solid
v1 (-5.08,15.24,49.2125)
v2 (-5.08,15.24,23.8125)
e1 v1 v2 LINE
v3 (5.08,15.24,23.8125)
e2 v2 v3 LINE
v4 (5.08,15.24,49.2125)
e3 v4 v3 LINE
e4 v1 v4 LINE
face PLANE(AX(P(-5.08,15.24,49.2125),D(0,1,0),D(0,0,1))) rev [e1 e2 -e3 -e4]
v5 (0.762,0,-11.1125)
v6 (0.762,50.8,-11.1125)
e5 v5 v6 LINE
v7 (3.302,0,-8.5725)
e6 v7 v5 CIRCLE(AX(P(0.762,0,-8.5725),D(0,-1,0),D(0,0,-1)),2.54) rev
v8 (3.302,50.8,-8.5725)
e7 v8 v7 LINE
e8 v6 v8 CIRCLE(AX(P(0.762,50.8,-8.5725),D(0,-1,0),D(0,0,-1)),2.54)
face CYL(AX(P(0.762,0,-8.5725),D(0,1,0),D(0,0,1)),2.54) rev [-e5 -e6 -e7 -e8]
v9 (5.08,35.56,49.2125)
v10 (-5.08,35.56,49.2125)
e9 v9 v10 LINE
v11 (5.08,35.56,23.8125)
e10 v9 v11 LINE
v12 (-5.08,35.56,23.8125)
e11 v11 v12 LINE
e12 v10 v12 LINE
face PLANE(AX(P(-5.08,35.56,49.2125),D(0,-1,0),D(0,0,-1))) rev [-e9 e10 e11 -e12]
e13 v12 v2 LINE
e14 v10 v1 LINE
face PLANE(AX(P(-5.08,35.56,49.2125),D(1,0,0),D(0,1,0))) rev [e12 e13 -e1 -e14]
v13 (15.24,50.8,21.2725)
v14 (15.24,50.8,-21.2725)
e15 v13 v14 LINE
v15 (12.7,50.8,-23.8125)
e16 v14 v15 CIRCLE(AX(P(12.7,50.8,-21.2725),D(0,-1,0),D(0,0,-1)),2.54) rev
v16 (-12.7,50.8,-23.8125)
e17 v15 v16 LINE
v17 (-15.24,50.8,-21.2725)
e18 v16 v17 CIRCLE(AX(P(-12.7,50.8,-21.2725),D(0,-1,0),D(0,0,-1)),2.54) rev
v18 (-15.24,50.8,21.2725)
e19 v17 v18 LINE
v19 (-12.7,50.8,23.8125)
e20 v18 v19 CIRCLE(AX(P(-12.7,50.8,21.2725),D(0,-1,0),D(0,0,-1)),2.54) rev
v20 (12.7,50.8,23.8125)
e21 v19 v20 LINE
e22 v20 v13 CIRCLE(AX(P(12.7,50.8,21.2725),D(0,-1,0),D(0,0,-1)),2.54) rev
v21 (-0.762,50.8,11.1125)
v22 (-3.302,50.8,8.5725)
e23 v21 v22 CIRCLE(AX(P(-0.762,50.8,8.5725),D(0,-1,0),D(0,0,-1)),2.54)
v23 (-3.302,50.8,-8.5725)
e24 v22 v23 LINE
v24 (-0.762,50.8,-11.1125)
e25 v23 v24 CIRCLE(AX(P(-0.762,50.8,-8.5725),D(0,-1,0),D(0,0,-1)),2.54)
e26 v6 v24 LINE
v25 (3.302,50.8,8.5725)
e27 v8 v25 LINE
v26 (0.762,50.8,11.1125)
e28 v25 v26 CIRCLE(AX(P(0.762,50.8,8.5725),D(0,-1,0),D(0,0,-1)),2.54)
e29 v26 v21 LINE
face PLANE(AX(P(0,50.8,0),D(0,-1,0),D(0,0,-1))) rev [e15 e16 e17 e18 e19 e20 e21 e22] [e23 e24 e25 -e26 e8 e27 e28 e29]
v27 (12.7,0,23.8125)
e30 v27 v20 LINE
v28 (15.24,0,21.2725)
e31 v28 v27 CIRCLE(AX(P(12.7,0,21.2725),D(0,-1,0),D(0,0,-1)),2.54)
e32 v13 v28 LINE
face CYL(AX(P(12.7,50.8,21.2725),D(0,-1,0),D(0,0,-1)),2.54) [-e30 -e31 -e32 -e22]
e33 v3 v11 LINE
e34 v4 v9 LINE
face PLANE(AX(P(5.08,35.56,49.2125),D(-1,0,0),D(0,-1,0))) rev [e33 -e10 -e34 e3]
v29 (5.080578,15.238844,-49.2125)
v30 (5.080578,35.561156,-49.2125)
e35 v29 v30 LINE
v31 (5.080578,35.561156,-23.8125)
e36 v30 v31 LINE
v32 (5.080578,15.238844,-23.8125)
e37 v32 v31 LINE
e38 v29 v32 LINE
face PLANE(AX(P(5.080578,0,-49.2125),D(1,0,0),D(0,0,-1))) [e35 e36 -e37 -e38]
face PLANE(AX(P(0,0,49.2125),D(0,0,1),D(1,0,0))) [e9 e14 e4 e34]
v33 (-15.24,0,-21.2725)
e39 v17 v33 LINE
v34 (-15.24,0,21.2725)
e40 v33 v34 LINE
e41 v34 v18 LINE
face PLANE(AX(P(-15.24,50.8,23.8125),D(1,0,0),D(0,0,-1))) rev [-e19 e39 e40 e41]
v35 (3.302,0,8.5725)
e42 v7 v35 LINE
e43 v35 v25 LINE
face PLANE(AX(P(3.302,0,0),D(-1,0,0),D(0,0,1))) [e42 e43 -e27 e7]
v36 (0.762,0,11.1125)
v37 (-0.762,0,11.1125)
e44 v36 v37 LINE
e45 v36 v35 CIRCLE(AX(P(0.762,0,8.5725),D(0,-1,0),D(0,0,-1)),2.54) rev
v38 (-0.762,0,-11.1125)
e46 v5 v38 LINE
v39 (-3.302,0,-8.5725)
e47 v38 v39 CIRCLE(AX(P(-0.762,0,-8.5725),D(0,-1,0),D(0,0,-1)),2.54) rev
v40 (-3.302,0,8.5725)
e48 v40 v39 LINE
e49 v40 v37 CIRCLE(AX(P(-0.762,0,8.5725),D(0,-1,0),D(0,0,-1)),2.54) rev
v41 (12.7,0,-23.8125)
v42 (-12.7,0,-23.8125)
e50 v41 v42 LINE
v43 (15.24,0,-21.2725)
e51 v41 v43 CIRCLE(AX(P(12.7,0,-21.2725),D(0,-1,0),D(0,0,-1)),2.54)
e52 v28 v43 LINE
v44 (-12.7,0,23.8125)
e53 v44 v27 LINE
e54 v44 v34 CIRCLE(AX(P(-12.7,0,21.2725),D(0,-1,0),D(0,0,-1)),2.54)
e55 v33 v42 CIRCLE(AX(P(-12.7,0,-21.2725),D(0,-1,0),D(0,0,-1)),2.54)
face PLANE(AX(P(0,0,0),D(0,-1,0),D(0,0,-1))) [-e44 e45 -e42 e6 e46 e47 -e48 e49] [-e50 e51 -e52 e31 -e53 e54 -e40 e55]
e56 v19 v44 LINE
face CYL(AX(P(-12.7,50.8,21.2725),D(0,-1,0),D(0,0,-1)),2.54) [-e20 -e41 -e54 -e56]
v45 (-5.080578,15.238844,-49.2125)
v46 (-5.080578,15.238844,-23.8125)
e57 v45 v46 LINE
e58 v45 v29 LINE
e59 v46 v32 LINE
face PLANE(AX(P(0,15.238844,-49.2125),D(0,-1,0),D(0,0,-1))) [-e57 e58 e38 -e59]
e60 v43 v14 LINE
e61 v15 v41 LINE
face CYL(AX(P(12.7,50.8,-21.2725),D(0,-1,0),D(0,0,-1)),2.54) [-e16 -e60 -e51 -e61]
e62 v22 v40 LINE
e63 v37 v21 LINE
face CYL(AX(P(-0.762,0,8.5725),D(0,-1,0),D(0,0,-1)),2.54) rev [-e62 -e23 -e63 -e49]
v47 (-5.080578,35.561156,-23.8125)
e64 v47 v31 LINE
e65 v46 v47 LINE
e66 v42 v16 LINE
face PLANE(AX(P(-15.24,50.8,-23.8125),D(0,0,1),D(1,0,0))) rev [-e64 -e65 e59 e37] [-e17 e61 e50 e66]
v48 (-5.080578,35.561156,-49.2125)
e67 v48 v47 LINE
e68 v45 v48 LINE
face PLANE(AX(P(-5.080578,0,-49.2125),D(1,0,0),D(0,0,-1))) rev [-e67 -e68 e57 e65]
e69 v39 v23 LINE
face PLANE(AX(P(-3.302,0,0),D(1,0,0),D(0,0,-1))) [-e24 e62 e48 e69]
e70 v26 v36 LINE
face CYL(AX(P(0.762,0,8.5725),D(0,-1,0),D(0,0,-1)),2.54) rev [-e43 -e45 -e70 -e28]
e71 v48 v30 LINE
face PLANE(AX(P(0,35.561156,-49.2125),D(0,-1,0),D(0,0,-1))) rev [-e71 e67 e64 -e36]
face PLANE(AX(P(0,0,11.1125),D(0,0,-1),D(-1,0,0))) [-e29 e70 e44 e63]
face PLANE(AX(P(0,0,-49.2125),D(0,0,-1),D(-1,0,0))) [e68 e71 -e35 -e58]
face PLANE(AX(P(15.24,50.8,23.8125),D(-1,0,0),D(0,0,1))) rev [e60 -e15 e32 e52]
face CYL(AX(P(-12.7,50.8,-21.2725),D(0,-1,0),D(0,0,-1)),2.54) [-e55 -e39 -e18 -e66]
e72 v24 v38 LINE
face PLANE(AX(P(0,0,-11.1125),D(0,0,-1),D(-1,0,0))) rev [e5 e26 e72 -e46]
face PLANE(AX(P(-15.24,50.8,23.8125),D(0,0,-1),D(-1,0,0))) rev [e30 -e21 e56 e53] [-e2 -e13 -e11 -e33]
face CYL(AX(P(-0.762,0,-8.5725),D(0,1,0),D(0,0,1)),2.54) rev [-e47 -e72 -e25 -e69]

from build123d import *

# Parameters (mm, degrees)
SKETCH1_W           = 30.48
SKETCH1_H           = 47.625
BOSS_EXTRUDE1_DEPTH = 50.8
CUT_EXTRUDE1_DEPTH  = 50.8
FILLET1_R           = 2.54
FILLET2_R           = 2.54
BOSS_EXTRUDE2_DEPTH = 25.4
SKETCH4_W           = 10.16
SKETCH4_H           = 20.32
BOSS_EXTRUDE3_DEPTH = 25.4


with BuildPart() as part:
    # Sketch1 → Boss-Extrude1 (new body)
    with BuildSketch(Plane(origin=(0, 0, 0), x_dir=(1, 0, 0), z_dir=(0, 1, 0))):
        Rectangle(SKETCH1_W, SKETCH1_H)
    extrude(amount=BOSS_EXTRUDE1_DEPTH)

    # Sketch2 → Cut-Extrude1 (cut)
    with BuildSketch(Plane(origin=(0, 50.8, 0), x_dir=(1, 0, 0), z_dir=(0, 1, 0))):
        Polygon((3.302, -5.159375), (-3.302, 5.159375), (-3.302, 0), (-3.302, -11.1125), (3.302, -11.1125), align=None)
        Polygon((-3.302, 11.1125), (-3.302, 5.159375), (3.302, -5.159375), (3.302, 0), (3.302, 11.1125), (0, 11.1125), align=None)
    extrude(amount=-CUT_EXTRUDE1_DEPTH, mode=Mode.SUBTRACT)

    # Fillet1
    fillet1_edges = [part.edges().sort_by_distance(p)[0] for p in [
        (-3.302, 25.4, 11.1125),
        (-3.302, 25.4, -11.1125),
        (3.302, 25.4, -11.1125),
        (3.302, 25.4, 11.1125),
    ]]
    fillet(fillet1_edges, radius=FILLET1_R)

    # Fillet2
    fillet2_edges = [part.edges().sort_by_distance(p)[0] for p in [
        (15.24, 25.4, 23.8125),
        (-15.24, 25.4, 23.8125),
        (-15.24, 25.4, -23.8125),
        (15.24, 25.4, -23.8125),
    ]]
    fillet(fillet2_edges, radius=FILLET2_R)

    # Sketch3 → Boss-Extrude2 (add)
    with BuildSketch(Plane(origin=(0, 0, -23.8125), x_dir=(-1, 0, 0), z_dir=(0, 0, -1))):
        Polygon((-5.080578249, 35.561156499), (-5.080578249, 15.238843501), (5.080578249, 35.561156499), align=None)
        Polygon((5.080578249, 35.561156499), (-5.080578249, 15.238843501), (5.080578249, 15.238843501), align=None)
    extrude(amount=BOSS_EXTRUDE2_DEPTH)

    # Sketch4 → Boss-Extrude3 (add)
    with BuildSketch(Plane.XY.offset(23.8125)):
        with Locations((0, 25.4)):
            Rectangle(SKETCH4_W, SKETCH4_H)
    extrude(amount=BOSS_EXTRUDE3_DEPTH)


solid = part.part
